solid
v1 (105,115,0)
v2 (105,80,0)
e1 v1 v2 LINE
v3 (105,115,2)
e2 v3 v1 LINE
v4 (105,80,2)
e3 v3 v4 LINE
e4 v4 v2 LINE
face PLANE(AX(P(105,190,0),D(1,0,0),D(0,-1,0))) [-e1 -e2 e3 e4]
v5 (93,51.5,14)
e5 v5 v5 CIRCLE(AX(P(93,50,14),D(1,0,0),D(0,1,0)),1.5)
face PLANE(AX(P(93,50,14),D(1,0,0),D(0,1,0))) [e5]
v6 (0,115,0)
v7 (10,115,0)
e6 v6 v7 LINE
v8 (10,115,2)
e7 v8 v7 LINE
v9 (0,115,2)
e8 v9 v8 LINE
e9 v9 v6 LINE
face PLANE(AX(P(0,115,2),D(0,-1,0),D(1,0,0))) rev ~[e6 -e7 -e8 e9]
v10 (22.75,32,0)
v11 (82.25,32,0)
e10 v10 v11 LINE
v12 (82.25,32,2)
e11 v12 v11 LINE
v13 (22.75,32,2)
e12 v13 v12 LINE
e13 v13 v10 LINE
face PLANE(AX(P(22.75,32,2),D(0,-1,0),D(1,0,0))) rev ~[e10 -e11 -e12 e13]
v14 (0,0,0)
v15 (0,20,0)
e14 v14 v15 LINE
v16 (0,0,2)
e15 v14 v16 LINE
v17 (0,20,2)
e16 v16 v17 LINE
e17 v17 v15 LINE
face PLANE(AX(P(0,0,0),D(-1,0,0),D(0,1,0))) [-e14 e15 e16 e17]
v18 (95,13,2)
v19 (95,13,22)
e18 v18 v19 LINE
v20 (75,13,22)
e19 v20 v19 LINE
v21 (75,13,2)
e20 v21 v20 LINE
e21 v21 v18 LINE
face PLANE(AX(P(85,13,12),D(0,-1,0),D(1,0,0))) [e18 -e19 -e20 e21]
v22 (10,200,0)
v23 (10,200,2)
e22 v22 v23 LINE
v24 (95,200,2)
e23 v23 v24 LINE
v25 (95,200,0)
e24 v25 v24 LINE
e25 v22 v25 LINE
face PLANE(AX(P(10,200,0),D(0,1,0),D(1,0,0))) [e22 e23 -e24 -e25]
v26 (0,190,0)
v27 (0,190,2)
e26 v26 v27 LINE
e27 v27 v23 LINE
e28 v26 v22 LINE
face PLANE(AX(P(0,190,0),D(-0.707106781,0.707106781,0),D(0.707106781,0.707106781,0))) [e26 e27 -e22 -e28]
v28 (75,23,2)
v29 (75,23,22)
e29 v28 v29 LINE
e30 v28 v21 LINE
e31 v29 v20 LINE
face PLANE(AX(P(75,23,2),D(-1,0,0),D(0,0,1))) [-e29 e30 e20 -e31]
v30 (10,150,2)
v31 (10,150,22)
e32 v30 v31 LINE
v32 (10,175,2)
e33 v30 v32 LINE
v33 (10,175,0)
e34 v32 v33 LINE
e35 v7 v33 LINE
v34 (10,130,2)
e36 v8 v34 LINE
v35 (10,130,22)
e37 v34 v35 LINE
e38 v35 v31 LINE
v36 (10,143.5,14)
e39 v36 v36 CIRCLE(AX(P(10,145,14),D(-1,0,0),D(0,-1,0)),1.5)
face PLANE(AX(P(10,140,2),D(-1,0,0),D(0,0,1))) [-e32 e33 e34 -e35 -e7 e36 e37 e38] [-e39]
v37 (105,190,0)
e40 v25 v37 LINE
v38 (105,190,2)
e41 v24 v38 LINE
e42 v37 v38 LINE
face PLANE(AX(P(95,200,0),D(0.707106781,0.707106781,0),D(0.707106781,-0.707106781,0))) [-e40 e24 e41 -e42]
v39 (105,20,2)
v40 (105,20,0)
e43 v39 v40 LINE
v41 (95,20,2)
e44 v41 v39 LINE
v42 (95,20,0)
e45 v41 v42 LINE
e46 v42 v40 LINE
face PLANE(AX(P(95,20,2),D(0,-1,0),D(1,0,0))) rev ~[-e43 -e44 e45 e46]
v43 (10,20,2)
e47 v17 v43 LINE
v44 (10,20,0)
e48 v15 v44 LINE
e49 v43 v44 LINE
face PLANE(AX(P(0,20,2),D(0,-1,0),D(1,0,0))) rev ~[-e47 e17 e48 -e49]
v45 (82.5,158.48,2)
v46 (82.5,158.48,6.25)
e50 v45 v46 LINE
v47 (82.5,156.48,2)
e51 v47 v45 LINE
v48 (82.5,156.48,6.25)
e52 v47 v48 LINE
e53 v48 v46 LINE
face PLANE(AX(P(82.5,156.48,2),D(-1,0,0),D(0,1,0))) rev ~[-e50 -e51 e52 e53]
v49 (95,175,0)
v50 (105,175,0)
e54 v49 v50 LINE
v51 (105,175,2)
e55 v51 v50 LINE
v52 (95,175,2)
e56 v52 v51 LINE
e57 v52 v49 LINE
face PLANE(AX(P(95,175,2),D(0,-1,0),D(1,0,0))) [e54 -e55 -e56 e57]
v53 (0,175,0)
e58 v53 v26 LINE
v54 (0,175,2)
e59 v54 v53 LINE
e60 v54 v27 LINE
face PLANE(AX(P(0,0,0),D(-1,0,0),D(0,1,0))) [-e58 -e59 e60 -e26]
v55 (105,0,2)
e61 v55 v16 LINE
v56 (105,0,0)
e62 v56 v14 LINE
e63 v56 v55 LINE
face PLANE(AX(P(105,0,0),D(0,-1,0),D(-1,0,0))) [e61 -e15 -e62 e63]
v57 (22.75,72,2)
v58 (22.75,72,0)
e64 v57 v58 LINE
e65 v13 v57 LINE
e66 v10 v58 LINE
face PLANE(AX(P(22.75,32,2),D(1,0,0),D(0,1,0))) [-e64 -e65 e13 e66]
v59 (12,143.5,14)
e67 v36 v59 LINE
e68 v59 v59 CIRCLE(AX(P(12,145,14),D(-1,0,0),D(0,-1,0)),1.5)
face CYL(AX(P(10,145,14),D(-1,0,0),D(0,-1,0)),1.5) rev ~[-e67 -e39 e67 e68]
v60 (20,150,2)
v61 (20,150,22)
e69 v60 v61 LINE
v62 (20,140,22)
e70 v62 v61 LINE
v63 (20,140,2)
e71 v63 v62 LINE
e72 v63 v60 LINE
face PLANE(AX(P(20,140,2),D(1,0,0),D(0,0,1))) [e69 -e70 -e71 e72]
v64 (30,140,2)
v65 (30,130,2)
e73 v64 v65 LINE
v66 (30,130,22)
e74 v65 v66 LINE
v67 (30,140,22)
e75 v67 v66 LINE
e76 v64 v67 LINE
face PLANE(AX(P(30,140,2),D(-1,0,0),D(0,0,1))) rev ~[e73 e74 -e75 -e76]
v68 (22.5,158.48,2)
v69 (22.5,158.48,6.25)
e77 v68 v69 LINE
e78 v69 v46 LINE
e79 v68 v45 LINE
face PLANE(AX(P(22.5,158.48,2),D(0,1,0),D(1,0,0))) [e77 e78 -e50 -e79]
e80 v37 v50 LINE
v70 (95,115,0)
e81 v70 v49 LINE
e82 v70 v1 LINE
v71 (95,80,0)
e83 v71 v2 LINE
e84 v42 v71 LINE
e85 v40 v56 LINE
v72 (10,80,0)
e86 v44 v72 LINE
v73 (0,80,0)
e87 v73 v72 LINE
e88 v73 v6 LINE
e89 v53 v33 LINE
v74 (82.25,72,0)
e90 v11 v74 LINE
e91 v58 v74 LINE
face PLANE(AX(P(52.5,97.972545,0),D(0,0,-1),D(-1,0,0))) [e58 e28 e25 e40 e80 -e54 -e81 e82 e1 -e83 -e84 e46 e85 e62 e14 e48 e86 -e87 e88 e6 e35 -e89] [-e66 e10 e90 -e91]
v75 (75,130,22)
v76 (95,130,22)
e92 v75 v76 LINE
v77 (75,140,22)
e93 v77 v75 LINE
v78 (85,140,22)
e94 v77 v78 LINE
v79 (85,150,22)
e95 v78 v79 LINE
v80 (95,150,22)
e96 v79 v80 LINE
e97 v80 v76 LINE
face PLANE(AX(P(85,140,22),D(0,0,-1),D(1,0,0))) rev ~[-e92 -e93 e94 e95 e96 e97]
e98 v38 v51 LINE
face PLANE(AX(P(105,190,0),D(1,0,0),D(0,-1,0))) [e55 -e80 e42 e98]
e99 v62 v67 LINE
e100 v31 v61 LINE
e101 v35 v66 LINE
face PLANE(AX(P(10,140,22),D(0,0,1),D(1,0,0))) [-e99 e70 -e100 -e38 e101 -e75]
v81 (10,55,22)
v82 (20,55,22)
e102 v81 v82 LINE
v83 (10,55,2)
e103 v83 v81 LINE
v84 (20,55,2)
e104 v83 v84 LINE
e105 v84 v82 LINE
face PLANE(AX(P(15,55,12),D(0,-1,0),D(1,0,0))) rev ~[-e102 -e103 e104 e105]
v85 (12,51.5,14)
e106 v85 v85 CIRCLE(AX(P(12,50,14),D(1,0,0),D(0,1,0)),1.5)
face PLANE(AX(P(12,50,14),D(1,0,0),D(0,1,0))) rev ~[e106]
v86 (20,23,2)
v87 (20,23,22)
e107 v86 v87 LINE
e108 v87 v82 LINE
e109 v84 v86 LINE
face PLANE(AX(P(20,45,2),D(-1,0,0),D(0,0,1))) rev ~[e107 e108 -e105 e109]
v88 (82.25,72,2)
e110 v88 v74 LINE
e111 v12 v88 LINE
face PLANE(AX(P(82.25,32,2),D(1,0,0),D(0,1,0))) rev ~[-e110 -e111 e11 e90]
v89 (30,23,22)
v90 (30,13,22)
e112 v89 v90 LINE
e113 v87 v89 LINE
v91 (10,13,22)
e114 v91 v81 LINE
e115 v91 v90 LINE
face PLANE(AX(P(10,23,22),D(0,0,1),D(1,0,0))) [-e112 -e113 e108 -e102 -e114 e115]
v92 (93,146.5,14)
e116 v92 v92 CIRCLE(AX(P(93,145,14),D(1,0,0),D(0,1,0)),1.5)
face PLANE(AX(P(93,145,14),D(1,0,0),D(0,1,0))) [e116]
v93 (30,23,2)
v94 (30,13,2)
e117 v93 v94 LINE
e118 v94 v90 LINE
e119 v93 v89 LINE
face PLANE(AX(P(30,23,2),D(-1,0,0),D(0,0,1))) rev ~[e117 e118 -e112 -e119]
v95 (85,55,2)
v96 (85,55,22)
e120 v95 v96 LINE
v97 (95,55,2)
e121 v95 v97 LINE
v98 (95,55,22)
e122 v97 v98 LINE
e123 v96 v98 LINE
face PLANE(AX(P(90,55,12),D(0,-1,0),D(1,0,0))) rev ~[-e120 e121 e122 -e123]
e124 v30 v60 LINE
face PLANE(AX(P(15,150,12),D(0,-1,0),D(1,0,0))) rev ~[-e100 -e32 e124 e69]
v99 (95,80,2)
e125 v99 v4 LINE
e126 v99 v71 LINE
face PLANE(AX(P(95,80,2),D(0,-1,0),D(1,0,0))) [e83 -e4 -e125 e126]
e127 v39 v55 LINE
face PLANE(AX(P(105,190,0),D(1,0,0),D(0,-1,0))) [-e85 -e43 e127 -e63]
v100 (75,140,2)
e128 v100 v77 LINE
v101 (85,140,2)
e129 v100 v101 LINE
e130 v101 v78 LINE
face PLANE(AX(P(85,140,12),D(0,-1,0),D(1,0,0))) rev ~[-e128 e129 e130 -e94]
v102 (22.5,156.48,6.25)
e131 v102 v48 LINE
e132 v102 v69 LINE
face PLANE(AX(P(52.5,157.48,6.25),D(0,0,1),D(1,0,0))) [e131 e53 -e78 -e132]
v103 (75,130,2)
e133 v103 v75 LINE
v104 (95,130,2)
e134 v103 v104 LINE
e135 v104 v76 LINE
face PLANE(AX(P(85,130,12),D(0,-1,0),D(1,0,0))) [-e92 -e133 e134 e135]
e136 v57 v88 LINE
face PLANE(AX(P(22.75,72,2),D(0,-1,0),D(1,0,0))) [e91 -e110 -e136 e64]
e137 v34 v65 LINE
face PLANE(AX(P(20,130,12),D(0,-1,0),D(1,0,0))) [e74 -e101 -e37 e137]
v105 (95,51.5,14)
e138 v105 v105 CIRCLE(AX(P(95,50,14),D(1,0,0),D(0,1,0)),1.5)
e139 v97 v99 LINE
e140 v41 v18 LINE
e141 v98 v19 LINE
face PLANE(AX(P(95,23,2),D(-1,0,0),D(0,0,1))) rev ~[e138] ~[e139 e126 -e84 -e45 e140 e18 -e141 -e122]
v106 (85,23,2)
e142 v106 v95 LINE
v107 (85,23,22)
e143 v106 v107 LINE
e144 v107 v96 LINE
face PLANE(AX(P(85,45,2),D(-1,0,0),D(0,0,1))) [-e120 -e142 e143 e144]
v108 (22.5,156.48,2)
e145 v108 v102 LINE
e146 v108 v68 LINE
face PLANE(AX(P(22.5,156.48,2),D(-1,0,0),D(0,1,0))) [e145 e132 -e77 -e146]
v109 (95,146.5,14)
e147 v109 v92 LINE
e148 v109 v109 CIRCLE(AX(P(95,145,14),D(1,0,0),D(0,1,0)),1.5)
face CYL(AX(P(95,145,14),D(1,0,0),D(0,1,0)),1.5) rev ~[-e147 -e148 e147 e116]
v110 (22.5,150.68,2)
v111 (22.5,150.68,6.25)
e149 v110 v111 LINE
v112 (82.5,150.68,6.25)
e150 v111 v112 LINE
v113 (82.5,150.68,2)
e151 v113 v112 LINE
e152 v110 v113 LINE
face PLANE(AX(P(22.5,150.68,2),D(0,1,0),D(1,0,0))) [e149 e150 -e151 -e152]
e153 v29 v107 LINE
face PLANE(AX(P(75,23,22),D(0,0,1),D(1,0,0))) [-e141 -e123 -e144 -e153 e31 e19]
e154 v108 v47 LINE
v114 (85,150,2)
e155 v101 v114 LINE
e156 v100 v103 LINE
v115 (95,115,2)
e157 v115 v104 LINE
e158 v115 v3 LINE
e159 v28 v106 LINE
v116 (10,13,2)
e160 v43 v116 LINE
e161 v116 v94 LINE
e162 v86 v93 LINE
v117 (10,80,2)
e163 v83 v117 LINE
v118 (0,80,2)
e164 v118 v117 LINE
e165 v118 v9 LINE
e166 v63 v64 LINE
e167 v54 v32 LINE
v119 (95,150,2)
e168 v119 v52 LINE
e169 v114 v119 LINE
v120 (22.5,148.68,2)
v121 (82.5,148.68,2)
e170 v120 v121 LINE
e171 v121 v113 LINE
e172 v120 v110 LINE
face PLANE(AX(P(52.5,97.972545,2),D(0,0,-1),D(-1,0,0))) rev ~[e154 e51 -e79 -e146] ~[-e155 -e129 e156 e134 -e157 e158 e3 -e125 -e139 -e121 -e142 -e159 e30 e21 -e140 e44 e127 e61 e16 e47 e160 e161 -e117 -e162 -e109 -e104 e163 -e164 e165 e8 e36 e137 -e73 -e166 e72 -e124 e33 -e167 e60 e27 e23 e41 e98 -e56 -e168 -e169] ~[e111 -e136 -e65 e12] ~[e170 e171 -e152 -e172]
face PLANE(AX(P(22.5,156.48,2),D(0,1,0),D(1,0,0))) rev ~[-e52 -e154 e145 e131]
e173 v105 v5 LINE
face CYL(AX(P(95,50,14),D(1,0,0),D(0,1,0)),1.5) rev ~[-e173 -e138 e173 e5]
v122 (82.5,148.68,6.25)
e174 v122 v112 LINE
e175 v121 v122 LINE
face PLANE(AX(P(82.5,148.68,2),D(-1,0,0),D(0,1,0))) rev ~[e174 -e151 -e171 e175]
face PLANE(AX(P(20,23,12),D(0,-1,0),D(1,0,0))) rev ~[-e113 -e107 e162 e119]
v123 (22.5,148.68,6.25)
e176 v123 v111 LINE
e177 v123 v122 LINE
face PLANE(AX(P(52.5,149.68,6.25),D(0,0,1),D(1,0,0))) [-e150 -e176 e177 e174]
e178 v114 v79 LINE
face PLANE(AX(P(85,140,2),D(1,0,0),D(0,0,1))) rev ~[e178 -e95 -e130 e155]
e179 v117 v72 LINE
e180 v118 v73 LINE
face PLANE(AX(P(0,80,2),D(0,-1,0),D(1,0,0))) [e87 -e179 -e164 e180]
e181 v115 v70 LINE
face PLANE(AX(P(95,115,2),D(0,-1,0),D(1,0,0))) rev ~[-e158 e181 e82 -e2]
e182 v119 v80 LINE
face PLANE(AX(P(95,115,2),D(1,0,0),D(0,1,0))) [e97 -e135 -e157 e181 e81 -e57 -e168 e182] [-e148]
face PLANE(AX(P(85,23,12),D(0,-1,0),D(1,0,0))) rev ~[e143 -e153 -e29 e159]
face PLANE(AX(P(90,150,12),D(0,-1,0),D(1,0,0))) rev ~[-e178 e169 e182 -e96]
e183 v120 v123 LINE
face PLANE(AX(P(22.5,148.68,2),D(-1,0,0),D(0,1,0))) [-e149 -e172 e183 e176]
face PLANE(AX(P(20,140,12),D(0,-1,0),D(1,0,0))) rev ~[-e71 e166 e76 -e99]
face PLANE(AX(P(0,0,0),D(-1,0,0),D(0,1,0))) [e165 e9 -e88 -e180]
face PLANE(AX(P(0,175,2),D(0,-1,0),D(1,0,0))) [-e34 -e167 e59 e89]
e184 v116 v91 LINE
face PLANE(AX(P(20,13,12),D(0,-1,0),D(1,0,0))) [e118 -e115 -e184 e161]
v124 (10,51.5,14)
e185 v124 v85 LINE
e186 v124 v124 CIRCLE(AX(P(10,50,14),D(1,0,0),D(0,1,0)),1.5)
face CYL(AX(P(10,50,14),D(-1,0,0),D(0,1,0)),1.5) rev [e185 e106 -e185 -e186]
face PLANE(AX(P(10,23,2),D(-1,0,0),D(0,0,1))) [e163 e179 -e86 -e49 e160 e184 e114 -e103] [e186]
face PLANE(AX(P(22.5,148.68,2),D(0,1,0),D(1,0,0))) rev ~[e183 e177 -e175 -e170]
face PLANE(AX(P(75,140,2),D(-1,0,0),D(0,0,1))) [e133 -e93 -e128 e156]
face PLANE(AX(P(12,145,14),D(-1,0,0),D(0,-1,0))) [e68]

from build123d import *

# Parameters (mm, degrees)
PAD_DEPTH       = 2
SKETCH007_W     = 10
SKETCH007_H     = 60
SKETCH007_W_2   = 59.5
SKETCH007_H_2   = 40
POCKET001_DEPTH = 2
SKETCH016_W     = 10
SKETCH016_H     = 20
PAD006_DEPTH    = 10
SKETCH014_R     = 1.5
POCKET002_DEPTH = 2
SKETCH015_R     = 1.5
POCKET003_DEPTH = 2
SKETCH036_W     = 10
SKETCH036_H     = 20
PAD018_DEPTH    = 10
SKETCH037_R     = 1.5
POCKET009_DEPTH = 2
SKETCH038_R     = 1.5
POCKET010_DEPTH = 2
SKETCH059_W     = 60
SKETCH059_H     = 2
PAD033_DEPTH    = 4.25
SKETCH063_W     = 20
SKETCH063_H     = 20
PAD037_DEPTH    = 10
SKETCH065_W     = 10
SKETCH065_H     = 20
PAD038_DEPTH    = 22
SKETCH066_W     = 20
SKETCH066_H     = 20
PAD039_DEPTH    = 10


with BuildPart() as part:
    # Sketch → Pad (new body)
    with BuildSketch(Plane.XY):
        Polygon((0, 0), (0, 190), (10, 200), (95, 200), (105, 190), (105, 0), align=None)
    extrude(amount=PAD_DEPTH)

    # Sketch007 (on Face8 of Pad) → Pocket001 (cut)
    with BuildSketch(Plane.XY.offset(2)):
        with Locations((5, 50)):
            Rectangle(SKETCH007_W, SKETCH007_H)
        with Locations((100, 50)):
            Rectangle(SKETCH007_W, SKETCH007_H)
        with Locations((5, 145)):
            Rectangle(SKETCH007_W, SKETCH007_H)
        with Locations((100, 145)):
            Rectangle(SKETCH007_W, SKETCH007_H)
        with Locations((52.5, 52)):
            Rectangle(SKETCH007_W_2, SKETCH007_H_2)
    extrude(amount=-POCKET001_DEPTH, mode=Mode.SUBTRACT)

    # Sketch016 → Pad006 (join)
    with BuildSketch(Plane.XZ.offset(-45)):
        with Locations((15, 12)):
            Rectangle(SKETCH016_W, SKETCH016_H)
        with Locations((90, 12)):
            Rectangle(SKETCH016_W, SKETCH016_H)
    extrude(amount=-PAD006_DEPTH)

    # Sketch014 → Pocket002 (cut)
    with BuildSketch(Plane.YZ.offset(10)):
        with Locations((50, 14)):
            Circle(SKETCH014_R)
    extrude(amount=POCKET002_DEPTH, mode=Mode.SUBTRACT)

    # Sketch015 → Pocket003 (cut)
    with BuildSketch(Plane.YZ.offset(95)):
        with Locations((50, 14)):
            Circle(SKETCH015_R)
    extrude(amount=-POCKET003_DEPTH, mode=Mode.SUBTRACT)

    # Sketch036 → Pad018 (join)
    with BuildSketch(Plane.XZ.offset(-140)):
        with Locations((90, 12)):
            Rectangle(SKETCH036_W, SKETCH036_H)
        with Locations((15, 12)):
            Rectangle(SKETCH036_W, SKETCH036_H)
    extrude(amount=-PAD018_DEPTH)

    # Sketch037 (on Face42 of Pad018) → Pocket009 (cut)
    with BuildSketch(Plane(origin=(10, 0, 0), x_dir=(0, -1, 0), z_dir=(-1, 0, 0))):
        with Locations((-145, 14)):
            Circle(SKETCH037_R)
    extrude(amount=-POCKET009_DEPTH, mode=Mode.SUBTRACT)

    # Sketch038 (on Face43 of Pad018) → Pocket010 (cut)
    with BuildSketch(Plane.YZ.offset(95)):
        with Locations((145, 14)):
            Circle(SKETCH038_R)
    extrude(amount=-POCKET010_DEPTH, mode=Mode.SUBTRACT)

    # Sketch059 (on Face4 of Pocket010) → Pad033 (join)
    with BuildSketch(Plane.XY.offset(2)):
        with Locations((52.5, 157.48)):
            Rectangle(SKETCH059_W, SKETCH059_H)
        with Locations((52.5, 149.68)):
            Rectangle(SKETCH059_W, SKETCH059_H)
    extrude(amount=PAD033_DEPTH)

    # Sketch063 (on Face35 of Pad033) → Pad037 (join)
    with BuildSketch(Plane.XZ.offset(-140)):
        with Locations((20, 12)):
            Rectangle(SKETCH063_W, SKETCH063_H)
        with Locations((85, 12)):
            Rectangle(SKETCH063_W, SKETCH063_H)
    extrude(amount=PAD037_DEPTH)

    # Sketch065 (on Face29 of Pad037) → Pad038 (join)
    with BuildSketch(Plane.XZ.offset(-45)):
        with Locations((15, 12)):
            Rectangle(SKETCH065_W, SKETCH065_H)
        with Locations((90, 12)):
            Rectangle(SKETCH065_W, SKETCH065_H)
    extrude(amount=PAD038_DEPTH)

    # Sketch066 (on Face29 of Pad038) → Pad039 (join)
    with BuildSketch(Plane.XZ.offset(-23)):
        with Locations((20, 12)):
            Rectangle(SKETCH066_W, SKETCH066_H)
        with Locations((85, 12)):
            Rectangle(SKETCH066_W, SKETCH066_H)
    extrude(amount=PAD039_DEPTH)


solid = part.part
